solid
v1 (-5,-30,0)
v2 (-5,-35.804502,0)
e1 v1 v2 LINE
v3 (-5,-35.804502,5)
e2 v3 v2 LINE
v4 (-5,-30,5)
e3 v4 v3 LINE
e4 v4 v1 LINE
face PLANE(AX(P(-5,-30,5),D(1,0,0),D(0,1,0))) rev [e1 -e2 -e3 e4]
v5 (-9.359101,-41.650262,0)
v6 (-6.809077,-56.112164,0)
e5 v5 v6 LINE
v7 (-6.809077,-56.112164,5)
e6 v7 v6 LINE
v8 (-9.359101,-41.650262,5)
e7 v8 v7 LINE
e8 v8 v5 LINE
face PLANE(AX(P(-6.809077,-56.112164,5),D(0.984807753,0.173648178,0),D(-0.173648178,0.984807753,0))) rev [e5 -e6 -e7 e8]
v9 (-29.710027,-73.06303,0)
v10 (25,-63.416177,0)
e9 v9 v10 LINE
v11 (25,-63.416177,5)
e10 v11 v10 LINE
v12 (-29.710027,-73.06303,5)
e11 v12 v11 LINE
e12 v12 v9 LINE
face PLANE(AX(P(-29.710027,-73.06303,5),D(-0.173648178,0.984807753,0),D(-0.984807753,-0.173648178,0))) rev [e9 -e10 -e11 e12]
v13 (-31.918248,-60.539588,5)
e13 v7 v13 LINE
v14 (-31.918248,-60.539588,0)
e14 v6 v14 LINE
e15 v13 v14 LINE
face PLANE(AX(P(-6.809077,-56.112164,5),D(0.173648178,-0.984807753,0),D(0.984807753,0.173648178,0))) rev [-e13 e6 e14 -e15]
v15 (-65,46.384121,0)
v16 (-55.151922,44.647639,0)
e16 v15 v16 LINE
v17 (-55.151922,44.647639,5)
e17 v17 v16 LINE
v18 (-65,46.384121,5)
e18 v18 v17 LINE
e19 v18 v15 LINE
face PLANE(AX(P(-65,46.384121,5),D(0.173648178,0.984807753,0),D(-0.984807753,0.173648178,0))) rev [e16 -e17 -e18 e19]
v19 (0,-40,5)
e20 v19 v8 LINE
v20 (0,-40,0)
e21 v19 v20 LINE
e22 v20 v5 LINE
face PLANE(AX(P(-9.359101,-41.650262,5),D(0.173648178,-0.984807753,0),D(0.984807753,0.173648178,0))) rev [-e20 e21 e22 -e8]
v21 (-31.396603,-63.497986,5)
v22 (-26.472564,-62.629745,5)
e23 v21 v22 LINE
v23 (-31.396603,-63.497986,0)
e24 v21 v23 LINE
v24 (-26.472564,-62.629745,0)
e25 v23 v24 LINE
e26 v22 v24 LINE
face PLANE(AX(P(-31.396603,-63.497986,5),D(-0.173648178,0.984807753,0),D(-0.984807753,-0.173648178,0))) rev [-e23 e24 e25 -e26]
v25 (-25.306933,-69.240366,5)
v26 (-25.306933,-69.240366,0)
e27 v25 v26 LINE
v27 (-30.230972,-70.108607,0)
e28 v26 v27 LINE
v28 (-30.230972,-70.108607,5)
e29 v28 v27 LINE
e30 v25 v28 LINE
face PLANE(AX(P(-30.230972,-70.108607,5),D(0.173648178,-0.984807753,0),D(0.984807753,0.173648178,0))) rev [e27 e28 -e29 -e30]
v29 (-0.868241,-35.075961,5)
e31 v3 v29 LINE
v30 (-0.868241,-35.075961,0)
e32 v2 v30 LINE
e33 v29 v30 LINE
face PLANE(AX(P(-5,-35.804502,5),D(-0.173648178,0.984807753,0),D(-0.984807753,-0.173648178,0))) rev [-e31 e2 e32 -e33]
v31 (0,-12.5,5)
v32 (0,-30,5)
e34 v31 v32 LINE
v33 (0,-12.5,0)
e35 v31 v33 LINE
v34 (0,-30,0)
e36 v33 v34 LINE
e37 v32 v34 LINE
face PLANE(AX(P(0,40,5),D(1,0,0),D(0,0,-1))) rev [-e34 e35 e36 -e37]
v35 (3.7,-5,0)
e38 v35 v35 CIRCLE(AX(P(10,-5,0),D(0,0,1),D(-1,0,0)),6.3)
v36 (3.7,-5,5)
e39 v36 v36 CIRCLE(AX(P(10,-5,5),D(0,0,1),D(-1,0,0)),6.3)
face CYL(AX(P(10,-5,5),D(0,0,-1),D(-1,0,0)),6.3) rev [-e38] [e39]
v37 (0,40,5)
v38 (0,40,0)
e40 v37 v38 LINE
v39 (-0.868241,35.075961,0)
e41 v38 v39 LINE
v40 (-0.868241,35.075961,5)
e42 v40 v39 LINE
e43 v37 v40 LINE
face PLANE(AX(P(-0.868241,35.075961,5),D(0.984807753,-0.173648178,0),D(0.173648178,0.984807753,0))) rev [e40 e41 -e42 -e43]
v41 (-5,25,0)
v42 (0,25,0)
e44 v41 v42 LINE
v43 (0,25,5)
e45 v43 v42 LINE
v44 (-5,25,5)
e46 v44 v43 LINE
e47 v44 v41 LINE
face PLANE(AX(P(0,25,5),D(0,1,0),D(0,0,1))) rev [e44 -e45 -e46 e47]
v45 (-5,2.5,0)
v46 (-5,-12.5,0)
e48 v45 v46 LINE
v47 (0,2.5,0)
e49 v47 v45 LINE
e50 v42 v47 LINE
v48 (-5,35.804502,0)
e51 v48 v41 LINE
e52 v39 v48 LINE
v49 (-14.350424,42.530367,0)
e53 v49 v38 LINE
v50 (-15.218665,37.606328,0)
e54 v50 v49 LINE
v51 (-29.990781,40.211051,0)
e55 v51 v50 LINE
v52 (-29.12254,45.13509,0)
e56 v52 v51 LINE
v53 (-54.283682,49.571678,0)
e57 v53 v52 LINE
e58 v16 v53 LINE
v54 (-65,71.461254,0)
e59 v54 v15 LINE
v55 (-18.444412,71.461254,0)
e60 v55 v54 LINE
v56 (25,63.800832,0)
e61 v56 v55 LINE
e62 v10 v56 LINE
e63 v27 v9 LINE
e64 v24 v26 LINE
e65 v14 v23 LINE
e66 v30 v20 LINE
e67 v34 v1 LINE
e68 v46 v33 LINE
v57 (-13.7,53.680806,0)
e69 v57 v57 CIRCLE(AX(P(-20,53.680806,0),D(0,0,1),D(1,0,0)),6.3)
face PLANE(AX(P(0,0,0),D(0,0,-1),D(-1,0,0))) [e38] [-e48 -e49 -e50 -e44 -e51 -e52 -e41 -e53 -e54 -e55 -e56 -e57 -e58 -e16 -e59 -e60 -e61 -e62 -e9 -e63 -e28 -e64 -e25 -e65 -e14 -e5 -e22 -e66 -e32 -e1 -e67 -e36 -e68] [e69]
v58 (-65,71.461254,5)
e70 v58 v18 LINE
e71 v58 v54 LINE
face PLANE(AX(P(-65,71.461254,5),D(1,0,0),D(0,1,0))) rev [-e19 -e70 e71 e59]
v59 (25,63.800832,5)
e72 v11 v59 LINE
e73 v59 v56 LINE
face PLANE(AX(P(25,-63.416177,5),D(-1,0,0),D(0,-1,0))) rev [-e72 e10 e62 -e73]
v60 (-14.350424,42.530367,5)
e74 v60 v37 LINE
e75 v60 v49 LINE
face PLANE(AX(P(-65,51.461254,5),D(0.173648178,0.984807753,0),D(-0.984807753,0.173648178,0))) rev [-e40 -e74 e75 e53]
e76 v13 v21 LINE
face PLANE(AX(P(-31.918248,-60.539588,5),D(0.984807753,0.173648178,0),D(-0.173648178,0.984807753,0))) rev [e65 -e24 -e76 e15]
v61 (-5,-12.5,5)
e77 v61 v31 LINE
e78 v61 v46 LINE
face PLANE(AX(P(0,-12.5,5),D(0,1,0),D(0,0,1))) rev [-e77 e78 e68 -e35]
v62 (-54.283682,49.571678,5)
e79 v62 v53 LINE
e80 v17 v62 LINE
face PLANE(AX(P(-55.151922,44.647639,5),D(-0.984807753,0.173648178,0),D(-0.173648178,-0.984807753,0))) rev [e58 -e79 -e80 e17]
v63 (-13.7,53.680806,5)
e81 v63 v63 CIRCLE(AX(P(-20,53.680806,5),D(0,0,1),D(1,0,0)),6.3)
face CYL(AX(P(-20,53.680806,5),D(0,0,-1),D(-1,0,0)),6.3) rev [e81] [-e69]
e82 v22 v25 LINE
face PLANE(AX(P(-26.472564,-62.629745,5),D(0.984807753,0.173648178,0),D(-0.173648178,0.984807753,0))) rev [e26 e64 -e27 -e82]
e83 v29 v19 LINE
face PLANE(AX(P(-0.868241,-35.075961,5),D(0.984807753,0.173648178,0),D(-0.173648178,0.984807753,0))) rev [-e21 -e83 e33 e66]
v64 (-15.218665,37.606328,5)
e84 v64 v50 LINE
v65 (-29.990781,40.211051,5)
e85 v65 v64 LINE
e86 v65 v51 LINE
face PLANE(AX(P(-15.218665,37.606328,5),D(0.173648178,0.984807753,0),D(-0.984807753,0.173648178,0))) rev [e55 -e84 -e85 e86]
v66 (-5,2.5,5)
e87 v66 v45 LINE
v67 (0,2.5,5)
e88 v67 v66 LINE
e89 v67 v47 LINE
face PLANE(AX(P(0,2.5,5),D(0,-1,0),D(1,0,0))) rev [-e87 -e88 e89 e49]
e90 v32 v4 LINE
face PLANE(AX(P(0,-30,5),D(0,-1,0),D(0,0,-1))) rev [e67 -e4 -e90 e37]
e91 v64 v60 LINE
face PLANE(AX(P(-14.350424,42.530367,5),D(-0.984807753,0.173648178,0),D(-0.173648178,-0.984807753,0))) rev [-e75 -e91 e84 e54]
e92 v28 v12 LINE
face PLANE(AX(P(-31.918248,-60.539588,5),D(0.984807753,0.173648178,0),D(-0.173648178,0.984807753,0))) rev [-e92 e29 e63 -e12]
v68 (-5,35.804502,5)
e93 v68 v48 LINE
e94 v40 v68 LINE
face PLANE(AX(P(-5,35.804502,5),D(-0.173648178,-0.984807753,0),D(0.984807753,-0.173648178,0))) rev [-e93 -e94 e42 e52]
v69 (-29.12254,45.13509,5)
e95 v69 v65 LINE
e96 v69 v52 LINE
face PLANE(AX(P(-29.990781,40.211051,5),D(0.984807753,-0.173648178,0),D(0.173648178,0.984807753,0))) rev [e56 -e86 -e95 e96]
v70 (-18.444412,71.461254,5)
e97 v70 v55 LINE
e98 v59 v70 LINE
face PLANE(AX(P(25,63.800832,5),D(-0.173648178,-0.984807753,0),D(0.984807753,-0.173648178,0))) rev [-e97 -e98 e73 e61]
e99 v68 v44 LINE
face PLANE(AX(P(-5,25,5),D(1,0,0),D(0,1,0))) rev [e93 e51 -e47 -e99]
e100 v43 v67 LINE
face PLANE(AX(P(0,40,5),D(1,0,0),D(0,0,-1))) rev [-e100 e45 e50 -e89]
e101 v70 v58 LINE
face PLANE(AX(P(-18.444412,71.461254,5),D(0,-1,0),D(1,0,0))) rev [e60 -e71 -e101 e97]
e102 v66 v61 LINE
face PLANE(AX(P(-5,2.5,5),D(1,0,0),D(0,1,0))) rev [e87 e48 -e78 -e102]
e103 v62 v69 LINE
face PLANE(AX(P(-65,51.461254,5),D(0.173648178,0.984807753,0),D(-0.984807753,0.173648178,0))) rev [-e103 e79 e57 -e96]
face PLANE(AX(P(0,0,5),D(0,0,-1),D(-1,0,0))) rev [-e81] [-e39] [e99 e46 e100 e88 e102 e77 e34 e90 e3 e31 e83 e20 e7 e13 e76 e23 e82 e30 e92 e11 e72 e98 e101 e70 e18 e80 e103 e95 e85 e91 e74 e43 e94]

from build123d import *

# Parameters (mm, degrees)
ESQUISSE1_R             = 6.3
BOSS_EXTRU_1_DEPTH      = 5
ENL_V_MAT_EXTRU_1_DEPTH = 5
ESQUISSE3_W             = 5
ESQUISSE3_H             = 15
BOSS_EXTRU_3_DEPTH      = 5


with BuildPart() as part:
    # Esquisse1 → Boss.-Extru.1 (new body)
    with BuildSketch(Plane.XY):
        Polygon((-65, 51.461253746), (0, 40), (0, -40), (-9.359100785, -41.650261983), (-6.809077296, -56.112163836), (-31.918247866, -60.539588071), (-29.710027076, -73.063030491), (25, -63.416176602), (25, 63.800831685), (-18.444412366, 71.461253746), (-65, 71.461253746), align=None)
        with Locations((-20, 53.680805733)):
            Circle(ESQUISSE1_R, mode=Mode.SUBTRACT)
        with Locations(Location((10, -5, 0), (0, 0, 180))):
            Circle(ESQUISSE1_R, mode=Mode.SUBTRACT)
    extrude(amount=BOSS_EXTRU_1_DEPTH)

    # Esquisse2 → Enlèv. mat.-Extru.1 (cut)
    with BuildSketch(Plane(origin=(0, 0, 0), x_dir=(-1, 0, 0), z_dir=(0, 0, -1))):
        Polygon((31.396602506, -63.497985917), (30.230971609, -70.108607232), (25.306932844, -69.240366344), (26.472563741, -62.629745029), align=None)
    extrude(amount=-ENL_V_MAT_EXTRU_1_DEPTH, mode=Mode.SUBTRACT)

    # Esquisse3 → Boss.-Extru.3 (add)
    with BuildSketch(Plane.XY):
        Polygon((0, -40), (0, -30), (-5, -30), (-5, -35.804501844), (-0.868240888, -35.075961235), align=None)
        with Locations((-2.5, -5)):
            Rectangle(ESQUISSE3_W, ESQUISSE3_H)
        Polygon((-0.868240888, 35.075961235), (0, 40), (0, 25), (-5, 25), (-5, 35.804501844), align=None)
        Polygon((-29.122539924, 45.135089535), (-14.350423629, 42.53036687), (-15.218664517, 37.606328105), (-29.990780813, 40.21105077), align=None)
        Polygon((-65, 51.461253746), (-65, 46.384120687), (-55.15192247, 44.64763891), (-54.283681582, 49.571677675), align=None)
    extrude(amount=BOSS_EXTRU_3_DEPTH)


solid = part.part
